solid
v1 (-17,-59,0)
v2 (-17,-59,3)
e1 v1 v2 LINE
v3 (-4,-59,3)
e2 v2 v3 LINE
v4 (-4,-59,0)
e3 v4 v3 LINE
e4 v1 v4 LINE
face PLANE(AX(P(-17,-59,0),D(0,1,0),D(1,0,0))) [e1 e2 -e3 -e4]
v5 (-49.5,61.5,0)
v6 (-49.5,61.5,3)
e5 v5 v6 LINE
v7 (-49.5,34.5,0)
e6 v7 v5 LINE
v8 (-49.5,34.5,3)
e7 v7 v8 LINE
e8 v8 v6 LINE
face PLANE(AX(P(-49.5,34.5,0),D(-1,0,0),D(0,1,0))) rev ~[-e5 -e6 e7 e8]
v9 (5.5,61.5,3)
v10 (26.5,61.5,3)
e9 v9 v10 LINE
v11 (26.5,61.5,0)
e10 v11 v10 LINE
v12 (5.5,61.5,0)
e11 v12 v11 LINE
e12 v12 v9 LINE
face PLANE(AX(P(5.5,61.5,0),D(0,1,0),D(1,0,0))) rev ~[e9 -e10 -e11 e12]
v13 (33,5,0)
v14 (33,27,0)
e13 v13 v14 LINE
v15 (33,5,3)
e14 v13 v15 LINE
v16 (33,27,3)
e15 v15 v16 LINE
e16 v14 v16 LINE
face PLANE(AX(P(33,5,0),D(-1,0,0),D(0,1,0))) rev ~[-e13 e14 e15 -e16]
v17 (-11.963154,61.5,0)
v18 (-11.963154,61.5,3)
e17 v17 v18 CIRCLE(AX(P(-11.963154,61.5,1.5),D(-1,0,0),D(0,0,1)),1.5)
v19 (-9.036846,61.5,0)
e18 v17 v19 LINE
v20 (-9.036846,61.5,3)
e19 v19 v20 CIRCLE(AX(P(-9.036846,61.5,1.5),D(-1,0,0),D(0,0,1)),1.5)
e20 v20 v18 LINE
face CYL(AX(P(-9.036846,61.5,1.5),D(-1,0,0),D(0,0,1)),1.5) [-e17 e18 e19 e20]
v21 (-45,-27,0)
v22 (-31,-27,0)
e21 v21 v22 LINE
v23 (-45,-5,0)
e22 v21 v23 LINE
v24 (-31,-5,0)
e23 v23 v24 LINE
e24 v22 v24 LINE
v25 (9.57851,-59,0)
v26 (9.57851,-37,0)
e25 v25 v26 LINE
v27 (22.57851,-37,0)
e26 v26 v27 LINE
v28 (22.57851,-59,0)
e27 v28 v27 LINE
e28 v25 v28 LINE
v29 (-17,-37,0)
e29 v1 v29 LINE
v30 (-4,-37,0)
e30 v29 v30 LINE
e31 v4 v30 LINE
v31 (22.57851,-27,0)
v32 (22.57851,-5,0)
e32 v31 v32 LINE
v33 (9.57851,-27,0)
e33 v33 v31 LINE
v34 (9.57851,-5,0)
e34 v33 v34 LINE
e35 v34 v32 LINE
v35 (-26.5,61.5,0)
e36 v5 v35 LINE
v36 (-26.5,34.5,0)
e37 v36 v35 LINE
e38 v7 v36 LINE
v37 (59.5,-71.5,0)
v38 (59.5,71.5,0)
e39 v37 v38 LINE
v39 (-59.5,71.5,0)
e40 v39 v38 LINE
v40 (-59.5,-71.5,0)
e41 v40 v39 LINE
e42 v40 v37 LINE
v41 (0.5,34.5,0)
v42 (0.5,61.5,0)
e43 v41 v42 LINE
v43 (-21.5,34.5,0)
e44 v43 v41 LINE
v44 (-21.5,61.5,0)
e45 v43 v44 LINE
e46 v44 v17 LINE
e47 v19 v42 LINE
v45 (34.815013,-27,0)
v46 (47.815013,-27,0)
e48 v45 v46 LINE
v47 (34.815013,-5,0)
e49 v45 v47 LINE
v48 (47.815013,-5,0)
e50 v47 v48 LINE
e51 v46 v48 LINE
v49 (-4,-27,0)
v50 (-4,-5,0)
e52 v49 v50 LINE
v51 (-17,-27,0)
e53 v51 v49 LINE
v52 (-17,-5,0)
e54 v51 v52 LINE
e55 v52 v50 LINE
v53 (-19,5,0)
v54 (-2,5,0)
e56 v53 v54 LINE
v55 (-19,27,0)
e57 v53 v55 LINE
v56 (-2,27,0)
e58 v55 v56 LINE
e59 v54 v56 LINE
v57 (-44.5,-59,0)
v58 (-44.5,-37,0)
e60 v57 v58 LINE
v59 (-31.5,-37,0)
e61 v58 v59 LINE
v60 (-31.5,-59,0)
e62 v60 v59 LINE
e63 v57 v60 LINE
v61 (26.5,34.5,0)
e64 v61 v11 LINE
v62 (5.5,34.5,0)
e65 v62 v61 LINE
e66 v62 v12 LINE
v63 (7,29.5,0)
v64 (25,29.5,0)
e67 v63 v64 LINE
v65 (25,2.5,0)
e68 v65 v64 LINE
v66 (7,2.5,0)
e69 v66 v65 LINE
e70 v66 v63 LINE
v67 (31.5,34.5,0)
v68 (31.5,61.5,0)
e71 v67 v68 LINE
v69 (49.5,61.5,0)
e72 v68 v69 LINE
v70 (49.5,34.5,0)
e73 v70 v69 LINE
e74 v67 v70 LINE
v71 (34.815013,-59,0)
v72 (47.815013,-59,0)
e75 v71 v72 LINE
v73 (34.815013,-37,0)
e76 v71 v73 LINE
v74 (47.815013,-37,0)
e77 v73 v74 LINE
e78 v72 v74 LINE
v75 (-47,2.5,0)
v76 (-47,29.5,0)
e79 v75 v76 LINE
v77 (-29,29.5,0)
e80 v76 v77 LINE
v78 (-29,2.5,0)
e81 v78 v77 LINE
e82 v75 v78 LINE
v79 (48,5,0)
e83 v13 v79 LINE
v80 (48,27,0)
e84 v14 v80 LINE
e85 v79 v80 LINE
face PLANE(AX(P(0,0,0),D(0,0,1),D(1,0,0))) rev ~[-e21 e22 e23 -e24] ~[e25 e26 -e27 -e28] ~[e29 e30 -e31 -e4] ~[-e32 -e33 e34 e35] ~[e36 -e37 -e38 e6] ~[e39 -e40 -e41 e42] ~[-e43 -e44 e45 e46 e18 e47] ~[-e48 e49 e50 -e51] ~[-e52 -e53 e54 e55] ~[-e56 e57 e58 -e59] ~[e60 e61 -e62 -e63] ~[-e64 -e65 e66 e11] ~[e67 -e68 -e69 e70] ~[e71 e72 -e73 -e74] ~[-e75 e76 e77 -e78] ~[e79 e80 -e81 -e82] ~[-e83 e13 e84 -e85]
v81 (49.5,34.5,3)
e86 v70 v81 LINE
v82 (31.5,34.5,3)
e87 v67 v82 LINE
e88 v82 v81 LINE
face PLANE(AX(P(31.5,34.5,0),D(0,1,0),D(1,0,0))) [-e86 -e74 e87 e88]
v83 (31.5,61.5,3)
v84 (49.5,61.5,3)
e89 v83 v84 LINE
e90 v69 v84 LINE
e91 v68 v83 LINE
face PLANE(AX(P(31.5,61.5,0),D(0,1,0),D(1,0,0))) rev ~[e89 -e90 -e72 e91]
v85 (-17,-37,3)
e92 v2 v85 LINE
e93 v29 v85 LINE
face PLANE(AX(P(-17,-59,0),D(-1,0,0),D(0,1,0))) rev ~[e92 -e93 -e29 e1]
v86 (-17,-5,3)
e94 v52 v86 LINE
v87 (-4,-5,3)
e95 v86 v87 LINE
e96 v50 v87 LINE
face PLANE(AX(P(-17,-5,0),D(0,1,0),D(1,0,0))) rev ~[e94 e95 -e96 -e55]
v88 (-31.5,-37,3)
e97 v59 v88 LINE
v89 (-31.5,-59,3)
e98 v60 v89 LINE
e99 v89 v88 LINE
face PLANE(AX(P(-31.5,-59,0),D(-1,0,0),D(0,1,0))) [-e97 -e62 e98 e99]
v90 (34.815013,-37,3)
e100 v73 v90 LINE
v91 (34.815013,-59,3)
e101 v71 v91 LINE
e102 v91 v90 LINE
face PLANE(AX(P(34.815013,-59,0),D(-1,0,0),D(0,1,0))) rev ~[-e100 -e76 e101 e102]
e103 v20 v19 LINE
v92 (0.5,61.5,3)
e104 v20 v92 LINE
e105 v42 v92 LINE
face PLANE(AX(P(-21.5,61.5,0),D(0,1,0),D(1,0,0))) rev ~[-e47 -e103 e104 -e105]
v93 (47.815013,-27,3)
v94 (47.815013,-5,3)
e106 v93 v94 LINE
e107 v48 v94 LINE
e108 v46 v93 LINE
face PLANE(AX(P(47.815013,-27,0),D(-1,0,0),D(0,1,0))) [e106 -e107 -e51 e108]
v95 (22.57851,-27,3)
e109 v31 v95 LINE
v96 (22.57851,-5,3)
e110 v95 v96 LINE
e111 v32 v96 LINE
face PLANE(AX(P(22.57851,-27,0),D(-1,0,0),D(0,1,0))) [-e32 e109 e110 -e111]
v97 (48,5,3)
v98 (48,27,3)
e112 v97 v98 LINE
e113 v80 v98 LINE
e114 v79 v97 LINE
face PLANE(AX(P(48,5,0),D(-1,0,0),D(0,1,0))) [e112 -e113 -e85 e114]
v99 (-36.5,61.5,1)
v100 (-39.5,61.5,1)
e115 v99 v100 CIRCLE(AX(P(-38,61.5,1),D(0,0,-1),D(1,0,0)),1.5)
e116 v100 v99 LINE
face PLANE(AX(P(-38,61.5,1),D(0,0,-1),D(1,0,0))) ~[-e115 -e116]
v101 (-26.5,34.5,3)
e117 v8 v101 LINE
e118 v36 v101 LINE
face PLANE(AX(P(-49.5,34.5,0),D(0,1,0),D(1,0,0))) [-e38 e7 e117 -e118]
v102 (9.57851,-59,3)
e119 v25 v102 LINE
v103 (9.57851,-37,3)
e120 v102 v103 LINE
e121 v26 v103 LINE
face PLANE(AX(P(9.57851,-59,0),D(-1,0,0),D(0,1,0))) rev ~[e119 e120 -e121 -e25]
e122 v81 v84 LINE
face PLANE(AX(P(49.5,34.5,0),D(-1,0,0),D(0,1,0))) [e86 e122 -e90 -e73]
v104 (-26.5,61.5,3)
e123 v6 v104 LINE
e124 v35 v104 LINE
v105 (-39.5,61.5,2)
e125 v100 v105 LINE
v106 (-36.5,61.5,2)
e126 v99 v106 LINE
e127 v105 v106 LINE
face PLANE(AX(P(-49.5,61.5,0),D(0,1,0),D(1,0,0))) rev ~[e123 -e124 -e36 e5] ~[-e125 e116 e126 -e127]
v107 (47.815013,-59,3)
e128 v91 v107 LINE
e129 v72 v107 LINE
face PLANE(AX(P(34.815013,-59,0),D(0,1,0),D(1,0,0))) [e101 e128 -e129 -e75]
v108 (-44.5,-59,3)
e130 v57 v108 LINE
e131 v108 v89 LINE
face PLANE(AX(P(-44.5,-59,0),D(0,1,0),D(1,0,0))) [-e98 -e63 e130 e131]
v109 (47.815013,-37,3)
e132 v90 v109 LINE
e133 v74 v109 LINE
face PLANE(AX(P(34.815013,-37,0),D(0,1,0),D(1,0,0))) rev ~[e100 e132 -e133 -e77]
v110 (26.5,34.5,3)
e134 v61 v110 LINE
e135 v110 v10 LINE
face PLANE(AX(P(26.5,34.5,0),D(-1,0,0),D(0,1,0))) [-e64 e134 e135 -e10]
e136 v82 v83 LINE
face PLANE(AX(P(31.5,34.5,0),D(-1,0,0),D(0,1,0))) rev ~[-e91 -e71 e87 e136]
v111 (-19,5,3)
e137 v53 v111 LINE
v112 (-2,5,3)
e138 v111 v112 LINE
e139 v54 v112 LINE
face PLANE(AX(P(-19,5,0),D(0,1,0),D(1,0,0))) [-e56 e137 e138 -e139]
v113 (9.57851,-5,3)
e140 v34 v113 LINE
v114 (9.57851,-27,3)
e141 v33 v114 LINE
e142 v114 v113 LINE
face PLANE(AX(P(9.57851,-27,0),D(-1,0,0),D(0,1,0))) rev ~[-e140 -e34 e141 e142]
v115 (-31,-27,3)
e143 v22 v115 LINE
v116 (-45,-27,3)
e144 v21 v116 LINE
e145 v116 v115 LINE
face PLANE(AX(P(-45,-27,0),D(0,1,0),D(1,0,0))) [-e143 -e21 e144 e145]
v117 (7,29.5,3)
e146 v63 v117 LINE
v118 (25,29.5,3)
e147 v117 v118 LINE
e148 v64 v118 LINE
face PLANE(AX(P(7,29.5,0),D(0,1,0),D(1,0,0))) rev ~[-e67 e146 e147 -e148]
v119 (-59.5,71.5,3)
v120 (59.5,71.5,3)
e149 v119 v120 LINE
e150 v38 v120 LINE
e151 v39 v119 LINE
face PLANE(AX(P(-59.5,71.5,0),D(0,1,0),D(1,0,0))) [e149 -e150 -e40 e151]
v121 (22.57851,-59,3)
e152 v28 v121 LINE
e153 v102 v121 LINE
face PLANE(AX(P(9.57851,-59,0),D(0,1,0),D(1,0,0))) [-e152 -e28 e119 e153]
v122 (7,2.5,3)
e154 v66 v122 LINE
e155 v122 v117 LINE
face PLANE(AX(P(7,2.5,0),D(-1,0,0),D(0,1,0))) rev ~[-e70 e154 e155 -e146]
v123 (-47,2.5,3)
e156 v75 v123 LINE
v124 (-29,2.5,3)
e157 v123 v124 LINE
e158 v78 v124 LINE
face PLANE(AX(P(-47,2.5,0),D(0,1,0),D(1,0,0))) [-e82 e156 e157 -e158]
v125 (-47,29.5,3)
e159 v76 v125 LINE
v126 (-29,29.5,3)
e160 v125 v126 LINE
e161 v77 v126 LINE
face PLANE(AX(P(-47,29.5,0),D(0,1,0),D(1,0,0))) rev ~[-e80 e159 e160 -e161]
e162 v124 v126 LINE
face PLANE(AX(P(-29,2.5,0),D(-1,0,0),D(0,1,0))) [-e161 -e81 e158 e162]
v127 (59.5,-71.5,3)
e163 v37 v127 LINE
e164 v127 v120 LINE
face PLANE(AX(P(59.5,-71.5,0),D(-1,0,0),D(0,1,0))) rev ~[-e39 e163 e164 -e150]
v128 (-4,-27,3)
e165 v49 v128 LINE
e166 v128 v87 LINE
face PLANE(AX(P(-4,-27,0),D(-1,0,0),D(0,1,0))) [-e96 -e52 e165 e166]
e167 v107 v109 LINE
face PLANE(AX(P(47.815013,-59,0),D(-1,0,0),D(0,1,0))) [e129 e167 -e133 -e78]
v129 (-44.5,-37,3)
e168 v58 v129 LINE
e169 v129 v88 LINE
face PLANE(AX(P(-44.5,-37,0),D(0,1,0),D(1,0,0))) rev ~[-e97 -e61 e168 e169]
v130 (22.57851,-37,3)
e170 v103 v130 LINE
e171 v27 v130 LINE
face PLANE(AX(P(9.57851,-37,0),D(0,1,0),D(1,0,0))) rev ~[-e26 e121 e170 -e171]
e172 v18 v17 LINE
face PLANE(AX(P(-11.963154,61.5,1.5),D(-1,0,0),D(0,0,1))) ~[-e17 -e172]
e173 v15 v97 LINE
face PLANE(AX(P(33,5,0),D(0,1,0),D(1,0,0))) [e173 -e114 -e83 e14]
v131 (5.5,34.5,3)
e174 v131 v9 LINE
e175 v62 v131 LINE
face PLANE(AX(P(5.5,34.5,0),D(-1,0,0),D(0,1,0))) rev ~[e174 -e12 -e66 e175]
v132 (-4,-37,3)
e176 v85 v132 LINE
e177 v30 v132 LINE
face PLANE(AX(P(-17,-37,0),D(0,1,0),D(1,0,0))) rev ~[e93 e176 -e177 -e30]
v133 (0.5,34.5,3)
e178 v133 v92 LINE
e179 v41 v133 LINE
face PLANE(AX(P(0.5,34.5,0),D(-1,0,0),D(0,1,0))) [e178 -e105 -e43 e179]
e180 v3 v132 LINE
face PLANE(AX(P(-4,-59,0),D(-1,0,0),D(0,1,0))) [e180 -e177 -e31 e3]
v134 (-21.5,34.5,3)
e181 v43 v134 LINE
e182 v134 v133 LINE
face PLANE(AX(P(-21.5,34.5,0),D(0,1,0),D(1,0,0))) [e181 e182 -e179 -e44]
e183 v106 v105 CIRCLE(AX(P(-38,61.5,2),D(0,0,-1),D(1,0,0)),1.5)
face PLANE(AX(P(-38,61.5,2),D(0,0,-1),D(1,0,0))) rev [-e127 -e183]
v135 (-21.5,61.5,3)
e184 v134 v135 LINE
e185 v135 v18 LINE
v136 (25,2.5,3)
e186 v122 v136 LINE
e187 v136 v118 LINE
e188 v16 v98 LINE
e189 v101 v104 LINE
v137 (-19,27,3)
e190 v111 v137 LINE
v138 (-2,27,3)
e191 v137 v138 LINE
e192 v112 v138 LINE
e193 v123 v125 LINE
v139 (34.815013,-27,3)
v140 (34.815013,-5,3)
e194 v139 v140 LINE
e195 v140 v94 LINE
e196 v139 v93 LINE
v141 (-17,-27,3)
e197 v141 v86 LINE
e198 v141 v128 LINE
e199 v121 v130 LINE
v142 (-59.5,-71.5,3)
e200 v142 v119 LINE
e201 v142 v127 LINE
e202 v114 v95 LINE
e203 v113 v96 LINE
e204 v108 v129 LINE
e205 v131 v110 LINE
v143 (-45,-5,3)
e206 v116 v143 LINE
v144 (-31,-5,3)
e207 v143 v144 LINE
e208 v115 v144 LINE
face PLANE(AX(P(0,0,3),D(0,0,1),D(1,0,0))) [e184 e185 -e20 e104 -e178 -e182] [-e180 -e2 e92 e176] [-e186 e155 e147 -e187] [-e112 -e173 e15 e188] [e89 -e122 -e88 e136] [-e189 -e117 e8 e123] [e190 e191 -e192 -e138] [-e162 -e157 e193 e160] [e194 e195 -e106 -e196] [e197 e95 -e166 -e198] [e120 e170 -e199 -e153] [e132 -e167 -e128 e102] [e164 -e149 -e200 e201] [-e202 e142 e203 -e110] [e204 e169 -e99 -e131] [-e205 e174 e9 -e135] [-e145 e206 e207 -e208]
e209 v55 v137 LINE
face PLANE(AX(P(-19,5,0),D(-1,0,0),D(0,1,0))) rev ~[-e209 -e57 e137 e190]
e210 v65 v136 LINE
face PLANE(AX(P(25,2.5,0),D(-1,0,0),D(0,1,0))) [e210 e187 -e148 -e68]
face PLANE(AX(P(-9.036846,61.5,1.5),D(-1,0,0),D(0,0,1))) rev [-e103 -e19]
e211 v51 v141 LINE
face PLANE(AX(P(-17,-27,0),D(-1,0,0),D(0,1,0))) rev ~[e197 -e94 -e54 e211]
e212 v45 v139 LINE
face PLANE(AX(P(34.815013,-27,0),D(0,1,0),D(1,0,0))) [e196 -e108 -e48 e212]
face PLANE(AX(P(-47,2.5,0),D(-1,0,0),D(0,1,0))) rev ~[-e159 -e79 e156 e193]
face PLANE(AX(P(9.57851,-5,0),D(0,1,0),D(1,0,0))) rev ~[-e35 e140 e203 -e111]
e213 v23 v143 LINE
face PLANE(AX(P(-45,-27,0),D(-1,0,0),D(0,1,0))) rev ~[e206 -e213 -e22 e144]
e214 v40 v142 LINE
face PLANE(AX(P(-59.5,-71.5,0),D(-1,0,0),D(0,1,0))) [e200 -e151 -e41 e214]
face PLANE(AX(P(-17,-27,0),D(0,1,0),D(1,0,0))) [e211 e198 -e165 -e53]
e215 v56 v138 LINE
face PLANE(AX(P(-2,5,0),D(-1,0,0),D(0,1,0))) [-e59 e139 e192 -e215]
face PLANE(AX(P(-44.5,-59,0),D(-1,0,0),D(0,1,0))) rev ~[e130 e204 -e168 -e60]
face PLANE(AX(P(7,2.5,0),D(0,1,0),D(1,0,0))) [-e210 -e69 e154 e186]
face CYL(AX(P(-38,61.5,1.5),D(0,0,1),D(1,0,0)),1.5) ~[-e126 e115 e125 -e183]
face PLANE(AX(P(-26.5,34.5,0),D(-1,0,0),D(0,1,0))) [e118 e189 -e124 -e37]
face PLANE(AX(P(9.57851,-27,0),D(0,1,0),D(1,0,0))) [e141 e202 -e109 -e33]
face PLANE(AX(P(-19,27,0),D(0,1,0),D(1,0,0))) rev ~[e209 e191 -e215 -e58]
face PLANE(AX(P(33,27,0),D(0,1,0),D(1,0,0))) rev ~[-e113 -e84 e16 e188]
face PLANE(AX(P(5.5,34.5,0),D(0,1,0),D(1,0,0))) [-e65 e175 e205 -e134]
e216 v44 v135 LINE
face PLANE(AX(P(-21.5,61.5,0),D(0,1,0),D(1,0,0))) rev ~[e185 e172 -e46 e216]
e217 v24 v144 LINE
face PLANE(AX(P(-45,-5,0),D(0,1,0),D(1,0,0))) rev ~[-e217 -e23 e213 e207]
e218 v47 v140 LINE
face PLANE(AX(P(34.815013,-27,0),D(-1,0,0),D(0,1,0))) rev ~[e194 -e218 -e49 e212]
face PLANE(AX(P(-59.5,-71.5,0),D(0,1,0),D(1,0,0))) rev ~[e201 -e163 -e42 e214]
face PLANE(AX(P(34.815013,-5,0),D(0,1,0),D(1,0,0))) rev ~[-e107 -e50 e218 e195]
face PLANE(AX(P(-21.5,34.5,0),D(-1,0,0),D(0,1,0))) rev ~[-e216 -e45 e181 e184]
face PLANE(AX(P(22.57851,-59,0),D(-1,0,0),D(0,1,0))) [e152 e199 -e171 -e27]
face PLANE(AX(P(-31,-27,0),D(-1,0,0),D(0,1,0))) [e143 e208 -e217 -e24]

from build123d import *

# Parameters (mm, degrees)
F0_W     = 119
F0_H     = 143
F0_W_2   = 13
F0_H_2   = 22
F0_W_3   = 14
F0_W_4   = 18
F0_H_3   = 27
F0_W_5   = 17
F0_W_6   = 23
F0_W_7   = 22
F0_W_8   = 15
F0_W_9   = 21
F1_DEPTH = 3
F2_W     = 1.5
F2_H     = 1
F4_W     = 1.463154
F4_H     = 1.5


with BuildPart() as f1:
    # F0 (on Top) → F1 (new body)
    with BuildSketch(Plane.XY):
        Rectangle(F0_W, F0_H)
        with Locations((-38, -48)):
            Rectangle(F0_W_2, F0_H_2, mode=Mode.SUBTRACT)
        with Locations((-10.5, -48)):
            Rectangle(F0_W_2, F0_H_2, mode=Mode.SUBTRACT)
        with Locations((-38, -16)):
            Rectangle(F0_W_3, F0_H_2, mode=Mode.SUBTRACT)
        with Locations((-10.5, -16)):
            Rectangle(F0_W_2, F0_H_2, mode=Mode.SUBTRACT)
        with Locations((16.07851, -48)):
            Rectangle(F0_W_2, F0_H_2, mode=Mode.SUBTRACT)
        with Locations((41.315013, -48)):
            Rectangle(F0_W_2, F0_H_2, mode=Mode.SUBTRACT)
        with Locations((16.07851, -16)):
            Rectangle(F0_W_2, F0_H_2, mode=Mode.SUBTRACT)
        with Locations((41.315013, -16)):
            Rectangle(F0_W_2, F0_H_2, mode=Mode.SUBTRACT)
        with Locations((-38, 16)):
            Rectangle(F0_W_4, F0_H_3, mode=Mode.SUBTRACT)
        with Locations((-10.5, 16)):
            Rectangle(F0_W_5, F0_H_2, mode=Mode.SUBTRACT)
        with Locations((-38, 48)):
            Rectangle(F0_W_6, F0_H_3, mode=Mode.SUBTRACT)
        with Locations((-10.5, 48)):
            Rectangle(F0_W_7, F0_H_3, mode=Mode.SUBTRACT)
        with Locations((16, 16)):
            Rectangle(F0_W_4, F0_H_3, mode=Mode.SUBTRACT)
        with Locations((40.5, 16)):
            Rectangle(F0_W_8, F0_H_2, mode=Mode.SUBTRACT)
        with Locations((16, 48)):
            Rectangle(F0_W_9, F0_H_3, mode=Mode.SUBTRACT)
        with Locations((40.5, 48)):
            Rectangle(F0_W_4, F0_H_3, mode=Mode.SUBTRACT)
    extrude(amount=F1_DEPTH)

    # F2 (on face) → F3 (revolve)
    with BuildSketch(Plane.XZ.offset(-61.5)):
        with Locations((-37.25, 1.5)):
            Rectangle(F2_W, F2_H)
    revolve(axis=Axis((-38, 61.5, 1.5), (0, 0, -1)))

    # F4 (on face) → F5 (revolve)
    with BuildSketch(Plane.XZ.offset(-61.5)):
        with Locations((-11.231577, 2.25)):
            Rectangle(F4_W, F4_H)
        with Locations((-9.768423, 2.25)):
            Rectangle(F4_W, F4_H)
    revolve(axis=Axis((-10.5, 61.5, 1.5), (-1, 0, 0)))


solid = f1.part
